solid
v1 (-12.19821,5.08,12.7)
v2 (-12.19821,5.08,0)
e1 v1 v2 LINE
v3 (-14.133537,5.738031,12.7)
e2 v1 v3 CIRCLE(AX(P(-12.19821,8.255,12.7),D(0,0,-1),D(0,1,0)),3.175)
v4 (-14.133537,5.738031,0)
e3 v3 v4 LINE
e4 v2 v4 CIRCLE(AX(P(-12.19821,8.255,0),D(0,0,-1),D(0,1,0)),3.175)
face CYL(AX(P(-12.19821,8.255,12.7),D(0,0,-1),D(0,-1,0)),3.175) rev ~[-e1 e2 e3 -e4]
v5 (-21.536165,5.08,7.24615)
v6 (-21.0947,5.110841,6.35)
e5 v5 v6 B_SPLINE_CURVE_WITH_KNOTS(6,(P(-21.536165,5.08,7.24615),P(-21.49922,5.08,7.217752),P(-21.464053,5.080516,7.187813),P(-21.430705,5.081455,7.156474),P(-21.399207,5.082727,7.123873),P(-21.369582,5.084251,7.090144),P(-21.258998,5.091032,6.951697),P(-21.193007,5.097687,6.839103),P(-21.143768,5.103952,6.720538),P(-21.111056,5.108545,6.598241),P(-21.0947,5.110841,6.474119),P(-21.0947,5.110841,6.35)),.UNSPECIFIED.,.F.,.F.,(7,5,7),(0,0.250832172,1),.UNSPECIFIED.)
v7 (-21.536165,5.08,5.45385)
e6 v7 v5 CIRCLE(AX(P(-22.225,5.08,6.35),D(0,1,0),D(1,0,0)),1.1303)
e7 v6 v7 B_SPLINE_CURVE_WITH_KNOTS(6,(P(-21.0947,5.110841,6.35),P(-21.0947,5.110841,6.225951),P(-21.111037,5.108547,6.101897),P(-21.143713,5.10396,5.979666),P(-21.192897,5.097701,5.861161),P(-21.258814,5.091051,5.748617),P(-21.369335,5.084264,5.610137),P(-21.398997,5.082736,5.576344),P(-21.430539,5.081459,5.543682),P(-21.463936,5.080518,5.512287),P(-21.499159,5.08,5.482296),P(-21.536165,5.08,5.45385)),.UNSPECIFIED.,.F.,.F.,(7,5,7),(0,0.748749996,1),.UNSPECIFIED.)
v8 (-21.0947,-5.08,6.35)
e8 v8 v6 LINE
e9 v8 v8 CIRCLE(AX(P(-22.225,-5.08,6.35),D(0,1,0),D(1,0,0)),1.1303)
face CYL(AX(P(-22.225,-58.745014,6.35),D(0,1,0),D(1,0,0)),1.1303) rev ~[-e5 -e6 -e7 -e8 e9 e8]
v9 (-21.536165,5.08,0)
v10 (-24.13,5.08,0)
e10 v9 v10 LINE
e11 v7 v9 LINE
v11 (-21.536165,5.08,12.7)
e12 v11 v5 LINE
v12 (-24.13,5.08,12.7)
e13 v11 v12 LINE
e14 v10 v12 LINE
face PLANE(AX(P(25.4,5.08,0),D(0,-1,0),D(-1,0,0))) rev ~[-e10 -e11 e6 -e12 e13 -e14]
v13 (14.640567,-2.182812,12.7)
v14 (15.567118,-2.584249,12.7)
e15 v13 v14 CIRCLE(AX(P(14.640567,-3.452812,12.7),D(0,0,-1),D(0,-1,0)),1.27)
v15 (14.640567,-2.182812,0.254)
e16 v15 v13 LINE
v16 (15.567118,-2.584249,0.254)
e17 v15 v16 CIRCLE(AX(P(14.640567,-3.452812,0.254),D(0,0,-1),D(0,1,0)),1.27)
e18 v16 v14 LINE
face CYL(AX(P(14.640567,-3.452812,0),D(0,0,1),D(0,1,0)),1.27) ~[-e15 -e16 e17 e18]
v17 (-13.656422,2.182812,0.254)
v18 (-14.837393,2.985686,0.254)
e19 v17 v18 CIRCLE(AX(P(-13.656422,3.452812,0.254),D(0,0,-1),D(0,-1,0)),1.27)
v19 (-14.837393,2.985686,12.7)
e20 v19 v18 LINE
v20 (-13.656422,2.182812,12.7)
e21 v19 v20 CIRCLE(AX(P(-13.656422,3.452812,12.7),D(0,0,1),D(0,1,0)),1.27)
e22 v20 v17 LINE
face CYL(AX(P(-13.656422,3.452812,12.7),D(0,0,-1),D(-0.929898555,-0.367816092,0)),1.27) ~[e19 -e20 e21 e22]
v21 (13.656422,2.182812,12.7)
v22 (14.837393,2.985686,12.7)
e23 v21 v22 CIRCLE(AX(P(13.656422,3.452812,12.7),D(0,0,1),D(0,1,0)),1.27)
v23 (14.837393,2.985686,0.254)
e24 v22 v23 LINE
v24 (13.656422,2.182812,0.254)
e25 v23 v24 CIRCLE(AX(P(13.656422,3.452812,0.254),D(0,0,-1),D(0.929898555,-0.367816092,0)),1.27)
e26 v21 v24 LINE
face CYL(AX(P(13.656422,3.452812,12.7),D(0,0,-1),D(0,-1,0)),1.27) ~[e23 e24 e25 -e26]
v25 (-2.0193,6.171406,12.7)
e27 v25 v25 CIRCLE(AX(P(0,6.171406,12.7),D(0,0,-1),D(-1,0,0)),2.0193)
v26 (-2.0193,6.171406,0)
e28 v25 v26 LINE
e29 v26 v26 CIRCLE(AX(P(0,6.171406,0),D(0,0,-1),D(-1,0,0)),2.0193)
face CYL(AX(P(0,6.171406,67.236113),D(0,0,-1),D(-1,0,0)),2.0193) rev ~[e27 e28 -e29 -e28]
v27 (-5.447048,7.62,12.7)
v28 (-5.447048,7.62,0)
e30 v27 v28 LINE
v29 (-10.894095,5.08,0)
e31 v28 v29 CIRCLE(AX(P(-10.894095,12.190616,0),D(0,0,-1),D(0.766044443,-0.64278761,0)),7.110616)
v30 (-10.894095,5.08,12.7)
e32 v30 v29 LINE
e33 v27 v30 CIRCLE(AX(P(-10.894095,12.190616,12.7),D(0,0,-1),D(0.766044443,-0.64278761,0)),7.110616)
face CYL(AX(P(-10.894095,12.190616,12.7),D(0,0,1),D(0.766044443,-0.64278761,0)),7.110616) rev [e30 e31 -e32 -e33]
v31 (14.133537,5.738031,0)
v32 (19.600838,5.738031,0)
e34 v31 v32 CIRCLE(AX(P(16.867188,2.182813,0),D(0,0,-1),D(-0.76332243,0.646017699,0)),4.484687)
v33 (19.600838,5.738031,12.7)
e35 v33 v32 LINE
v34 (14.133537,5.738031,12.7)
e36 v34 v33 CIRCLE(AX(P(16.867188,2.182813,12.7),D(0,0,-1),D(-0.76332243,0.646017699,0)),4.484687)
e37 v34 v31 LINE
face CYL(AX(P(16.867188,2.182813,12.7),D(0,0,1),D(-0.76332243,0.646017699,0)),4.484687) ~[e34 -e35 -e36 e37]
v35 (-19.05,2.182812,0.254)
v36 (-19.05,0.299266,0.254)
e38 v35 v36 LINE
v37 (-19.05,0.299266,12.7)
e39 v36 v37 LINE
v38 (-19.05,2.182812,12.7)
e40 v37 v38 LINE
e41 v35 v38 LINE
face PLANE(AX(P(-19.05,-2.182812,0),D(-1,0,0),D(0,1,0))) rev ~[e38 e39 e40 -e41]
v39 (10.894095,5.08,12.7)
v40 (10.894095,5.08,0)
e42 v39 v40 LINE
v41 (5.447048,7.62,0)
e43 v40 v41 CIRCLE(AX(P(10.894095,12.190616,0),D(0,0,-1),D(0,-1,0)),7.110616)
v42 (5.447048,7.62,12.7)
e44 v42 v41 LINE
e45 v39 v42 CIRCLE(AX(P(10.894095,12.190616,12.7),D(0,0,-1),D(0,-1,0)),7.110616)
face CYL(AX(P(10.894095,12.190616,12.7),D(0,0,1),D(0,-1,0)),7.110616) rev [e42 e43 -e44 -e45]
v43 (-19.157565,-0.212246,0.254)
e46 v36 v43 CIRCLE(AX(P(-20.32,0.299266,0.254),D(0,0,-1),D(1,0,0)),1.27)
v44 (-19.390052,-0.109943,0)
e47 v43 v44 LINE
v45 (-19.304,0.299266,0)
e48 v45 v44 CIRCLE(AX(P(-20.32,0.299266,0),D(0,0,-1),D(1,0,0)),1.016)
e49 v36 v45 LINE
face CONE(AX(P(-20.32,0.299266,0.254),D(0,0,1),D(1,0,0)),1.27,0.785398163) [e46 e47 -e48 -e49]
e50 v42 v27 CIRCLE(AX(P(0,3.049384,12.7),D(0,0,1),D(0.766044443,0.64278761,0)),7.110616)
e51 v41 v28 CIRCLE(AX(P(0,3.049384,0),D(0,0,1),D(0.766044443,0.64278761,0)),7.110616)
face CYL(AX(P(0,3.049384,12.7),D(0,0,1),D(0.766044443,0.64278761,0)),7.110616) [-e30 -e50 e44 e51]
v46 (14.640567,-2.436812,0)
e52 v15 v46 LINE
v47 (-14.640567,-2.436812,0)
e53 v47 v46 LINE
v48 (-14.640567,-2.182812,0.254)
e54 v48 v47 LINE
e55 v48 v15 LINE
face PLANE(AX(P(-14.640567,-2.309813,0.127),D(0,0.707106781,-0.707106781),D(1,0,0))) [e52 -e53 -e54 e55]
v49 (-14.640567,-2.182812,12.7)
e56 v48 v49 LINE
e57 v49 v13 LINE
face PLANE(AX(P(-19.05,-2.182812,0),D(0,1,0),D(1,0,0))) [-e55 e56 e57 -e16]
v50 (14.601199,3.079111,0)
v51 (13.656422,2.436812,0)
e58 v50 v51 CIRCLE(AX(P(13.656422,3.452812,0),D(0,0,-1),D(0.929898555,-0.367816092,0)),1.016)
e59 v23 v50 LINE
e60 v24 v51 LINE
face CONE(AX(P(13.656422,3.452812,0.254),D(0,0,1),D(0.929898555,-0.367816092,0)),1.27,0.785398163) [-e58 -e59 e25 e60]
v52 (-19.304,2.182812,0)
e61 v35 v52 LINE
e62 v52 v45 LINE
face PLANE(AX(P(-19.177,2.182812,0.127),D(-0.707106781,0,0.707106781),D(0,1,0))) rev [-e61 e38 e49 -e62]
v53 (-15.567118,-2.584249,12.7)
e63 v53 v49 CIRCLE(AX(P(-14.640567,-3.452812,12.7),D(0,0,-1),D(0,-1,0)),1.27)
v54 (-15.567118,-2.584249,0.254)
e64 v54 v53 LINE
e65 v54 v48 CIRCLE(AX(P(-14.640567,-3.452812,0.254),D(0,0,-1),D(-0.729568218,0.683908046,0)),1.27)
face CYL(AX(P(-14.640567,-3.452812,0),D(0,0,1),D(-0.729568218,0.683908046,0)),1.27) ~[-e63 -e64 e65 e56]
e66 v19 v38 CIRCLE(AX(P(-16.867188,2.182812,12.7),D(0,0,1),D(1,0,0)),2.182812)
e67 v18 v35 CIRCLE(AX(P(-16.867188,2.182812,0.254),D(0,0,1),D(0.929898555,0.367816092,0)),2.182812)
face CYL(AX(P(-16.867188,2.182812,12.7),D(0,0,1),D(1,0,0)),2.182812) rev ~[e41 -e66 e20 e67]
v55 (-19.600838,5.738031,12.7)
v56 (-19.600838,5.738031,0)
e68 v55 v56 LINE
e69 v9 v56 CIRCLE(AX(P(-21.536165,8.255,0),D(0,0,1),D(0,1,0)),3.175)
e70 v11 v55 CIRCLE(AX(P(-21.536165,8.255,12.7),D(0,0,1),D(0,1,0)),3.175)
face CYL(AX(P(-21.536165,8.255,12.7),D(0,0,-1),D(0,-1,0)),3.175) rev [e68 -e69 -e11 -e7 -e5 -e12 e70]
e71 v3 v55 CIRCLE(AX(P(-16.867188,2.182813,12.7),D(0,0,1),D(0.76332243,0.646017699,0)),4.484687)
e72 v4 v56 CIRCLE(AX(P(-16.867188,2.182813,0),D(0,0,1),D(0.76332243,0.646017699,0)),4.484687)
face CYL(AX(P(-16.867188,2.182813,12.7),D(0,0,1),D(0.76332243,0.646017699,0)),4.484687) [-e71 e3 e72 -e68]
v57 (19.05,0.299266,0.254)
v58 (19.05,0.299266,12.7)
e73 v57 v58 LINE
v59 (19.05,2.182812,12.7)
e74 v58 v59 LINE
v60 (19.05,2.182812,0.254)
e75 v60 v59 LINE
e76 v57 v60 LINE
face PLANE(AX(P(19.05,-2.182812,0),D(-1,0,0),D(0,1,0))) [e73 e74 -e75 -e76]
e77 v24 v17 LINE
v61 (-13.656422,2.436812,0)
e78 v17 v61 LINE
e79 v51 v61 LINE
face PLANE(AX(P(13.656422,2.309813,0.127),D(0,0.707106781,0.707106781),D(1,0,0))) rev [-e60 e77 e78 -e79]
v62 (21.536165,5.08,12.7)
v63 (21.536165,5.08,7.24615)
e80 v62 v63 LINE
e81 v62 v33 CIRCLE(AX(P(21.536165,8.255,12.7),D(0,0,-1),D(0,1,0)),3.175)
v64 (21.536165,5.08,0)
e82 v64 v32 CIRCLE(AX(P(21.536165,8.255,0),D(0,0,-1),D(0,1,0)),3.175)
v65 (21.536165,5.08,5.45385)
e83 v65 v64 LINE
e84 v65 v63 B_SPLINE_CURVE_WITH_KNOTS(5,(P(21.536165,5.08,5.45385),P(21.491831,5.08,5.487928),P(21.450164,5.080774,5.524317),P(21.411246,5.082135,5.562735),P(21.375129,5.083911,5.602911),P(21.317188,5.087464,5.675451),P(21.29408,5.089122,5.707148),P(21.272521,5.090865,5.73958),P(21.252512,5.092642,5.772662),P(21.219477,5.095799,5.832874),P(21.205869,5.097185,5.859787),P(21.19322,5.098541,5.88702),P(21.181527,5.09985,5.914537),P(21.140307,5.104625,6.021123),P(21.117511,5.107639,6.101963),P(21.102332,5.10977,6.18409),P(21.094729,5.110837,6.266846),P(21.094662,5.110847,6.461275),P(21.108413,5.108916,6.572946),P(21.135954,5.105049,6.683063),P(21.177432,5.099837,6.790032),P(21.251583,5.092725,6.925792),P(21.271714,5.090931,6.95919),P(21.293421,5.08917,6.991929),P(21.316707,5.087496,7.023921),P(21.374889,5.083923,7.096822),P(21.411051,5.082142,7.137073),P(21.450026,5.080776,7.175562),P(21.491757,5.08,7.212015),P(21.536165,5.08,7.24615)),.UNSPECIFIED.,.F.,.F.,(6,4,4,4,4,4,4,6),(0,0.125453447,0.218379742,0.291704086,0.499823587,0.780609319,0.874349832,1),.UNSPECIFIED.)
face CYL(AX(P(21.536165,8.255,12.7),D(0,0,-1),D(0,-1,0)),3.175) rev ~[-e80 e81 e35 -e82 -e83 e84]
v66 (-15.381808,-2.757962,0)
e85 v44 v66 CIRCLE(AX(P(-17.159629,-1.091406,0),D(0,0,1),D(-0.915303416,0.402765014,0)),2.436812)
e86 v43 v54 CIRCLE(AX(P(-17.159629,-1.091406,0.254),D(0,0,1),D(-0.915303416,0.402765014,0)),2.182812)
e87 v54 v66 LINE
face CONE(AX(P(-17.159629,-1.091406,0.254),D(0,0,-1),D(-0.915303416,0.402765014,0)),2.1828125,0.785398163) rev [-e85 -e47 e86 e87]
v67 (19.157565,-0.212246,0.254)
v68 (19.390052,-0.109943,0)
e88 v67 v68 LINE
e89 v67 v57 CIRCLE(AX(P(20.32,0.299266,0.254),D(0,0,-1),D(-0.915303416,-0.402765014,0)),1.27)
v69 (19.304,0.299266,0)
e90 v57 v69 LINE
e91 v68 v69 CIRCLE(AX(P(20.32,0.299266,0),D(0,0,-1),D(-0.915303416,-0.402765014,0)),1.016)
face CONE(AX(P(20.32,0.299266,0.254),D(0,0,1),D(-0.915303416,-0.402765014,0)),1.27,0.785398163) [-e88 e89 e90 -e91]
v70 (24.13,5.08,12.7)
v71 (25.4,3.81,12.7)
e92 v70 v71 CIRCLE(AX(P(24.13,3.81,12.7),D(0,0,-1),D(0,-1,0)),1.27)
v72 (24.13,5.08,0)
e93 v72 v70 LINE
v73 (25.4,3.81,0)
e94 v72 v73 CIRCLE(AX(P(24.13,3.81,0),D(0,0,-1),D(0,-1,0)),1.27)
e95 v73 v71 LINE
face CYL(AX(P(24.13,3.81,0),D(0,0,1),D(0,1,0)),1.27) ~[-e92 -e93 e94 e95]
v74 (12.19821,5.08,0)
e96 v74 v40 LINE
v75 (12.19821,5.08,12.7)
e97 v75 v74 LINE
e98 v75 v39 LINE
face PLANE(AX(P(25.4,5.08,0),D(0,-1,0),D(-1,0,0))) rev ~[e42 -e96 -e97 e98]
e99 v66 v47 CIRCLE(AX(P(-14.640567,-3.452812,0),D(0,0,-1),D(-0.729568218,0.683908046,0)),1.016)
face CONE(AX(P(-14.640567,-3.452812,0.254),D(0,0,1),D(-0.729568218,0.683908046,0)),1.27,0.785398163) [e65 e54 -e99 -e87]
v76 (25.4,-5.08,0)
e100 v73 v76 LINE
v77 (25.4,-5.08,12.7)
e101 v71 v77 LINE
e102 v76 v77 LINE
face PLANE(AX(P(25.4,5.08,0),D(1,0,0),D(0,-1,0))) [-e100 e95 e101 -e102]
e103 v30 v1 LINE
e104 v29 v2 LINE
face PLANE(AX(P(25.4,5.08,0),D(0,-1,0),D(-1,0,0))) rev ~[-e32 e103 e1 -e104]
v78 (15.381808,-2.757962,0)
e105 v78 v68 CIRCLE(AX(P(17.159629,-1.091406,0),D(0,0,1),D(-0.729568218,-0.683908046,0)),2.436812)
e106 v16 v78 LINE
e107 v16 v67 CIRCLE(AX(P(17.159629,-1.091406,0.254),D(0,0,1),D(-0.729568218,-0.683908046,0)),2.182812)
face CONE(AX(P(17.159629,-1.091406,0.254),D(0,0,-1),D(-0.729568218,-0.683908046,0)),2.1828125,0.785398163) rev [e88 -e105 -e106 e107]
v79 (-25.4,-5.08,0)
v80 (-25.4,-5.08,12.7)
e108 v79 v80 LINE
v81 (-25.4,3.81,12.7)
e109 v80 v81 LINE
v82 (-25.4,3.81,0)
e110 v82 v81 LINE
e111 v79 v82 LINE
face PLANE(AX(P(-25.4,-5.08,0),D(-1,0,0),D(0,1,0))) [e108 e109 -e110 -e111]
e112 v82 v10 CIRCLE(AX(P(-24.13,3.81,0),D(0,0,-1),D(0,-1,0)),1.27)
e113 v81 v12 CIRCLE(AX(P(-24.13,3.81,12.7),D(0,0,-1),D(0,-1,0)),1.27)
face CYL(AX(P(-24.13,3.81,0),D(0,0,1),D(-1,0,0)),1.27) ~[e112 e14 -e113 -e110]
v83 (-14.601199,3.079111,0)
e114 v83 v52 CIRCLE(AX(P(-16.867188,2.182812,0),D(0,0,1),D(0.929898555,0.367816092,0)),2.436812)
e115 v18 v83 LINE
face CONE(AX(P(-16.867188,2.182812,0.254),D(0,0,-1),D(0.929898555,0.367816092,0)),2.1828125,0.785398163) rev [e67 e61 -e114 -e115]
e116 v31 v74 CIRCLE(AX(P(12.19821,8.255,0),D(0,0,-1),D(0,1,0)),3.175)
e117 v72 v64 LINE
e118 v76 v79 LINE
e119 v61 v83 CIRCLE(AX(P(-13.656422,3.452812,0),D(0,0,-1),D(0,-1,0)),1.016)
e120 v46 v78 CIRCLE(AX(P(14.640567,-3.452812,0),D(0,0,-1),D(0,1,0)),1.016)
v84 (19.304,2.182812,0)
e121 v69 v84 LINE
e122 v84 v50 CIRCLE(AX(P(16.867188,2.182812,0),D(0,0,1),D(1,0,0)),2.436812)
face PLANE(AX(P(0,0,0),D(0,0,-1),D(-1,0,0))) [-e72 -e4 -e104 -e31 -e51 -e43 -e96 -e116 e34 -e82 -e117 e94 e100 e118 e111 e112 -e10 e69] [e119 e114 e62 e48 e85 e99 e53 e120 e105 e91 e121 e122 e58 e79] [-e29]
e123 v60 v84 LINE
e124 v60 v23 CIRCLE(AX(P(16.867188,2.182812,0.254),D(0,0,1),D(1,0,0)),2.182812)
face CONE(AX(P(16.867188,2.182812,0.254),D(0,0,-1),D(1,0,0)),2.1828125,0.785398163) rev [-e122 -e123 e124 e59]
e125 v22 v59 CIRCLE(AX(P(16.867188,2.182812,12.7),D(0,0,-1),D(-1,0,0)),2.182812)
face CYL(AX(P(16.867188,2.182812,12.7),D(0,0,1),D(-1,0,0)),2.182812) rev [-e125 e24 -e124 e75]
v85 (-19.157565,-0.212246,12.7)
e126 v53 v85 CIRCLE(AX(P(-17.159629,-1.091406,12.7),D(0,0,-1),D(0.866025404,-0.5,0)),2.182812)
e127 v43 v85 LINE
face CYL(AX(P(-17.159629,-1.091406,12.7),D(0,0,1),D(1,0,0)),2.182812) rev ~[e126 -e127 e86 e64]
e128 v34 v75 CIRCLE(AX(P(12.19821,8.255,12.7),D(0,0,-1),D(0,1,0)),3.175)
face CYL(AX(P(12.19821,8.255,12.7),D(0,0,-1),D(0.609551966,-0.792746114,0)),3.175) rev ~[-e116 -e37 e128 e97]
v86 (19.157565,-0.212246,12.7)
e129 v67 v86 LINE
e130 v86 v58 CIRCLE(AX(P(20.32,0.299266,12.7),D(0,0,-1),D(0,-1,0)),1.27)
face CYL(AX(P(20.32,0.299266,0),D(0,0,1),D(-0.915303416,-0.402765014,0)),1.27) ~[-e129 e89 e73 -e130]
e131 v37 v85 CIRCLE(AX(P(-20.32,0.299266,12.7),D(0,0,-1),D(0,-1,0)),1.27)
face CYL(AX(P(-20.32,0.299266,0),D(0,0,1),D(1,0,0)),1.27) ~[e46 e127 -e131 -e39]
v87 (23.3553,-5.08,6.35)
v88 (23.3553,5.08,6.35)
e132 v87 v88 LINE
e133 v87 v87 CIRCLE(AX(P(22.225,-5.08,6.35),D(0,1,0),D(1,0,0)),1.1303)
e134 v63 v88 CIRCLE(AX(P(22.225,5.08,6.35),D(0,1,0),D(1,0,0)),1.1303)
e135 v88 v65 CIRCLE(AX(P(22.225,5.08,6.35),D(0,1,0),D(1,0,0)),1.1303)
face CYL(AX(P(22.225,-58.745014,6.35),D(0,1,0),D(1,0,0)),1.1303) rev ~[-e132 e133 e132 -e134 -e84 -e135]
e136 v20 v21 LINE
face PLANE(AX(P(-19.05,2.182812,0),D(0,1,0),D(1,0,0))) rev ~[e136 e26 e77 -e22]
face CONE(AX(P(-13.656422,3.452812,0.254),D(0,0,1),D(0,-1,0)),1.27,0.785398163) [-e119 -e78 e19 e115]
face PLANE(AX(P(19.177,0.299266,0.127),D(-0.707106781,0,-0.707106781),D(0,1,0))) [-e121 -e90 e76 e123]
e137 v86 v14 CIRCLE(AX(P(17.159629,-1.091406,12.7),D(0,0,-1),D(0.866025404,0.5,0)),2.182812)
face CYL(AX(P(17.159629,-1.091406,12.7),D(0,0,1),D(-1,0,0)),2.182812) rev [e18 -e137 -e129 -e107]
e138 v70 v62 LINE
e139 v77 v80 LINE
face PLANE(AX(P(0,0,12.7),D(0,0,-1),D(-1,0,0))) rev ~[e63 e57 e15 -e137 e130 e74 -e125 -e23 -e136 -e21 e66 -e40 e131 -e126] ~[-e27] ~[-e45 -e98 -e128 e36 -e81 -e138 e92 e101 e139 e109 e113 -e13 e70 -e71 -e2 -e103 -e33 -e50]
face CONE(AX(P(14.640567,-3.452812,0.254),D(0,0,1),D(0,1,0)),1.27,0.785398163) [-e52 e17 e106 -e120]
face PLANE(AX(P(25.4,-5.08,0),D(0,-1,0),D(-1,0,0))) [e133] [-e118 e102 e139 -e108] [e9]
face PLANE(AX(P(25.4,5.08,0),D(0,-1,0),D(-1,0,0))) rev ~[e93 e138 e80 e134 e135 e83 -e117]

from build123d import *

# Parameters (mm, degrees)
SKETCH1_W                  = 38.1
SKETCH1_H                  = 4.365625
BOSS_EXTRUDE1_DEPTH        = 12.7
BOSS_EXTRUDE3_DEPTH        = 12.7
SKETCH8_R                  = 2.1828125
CUT_EXTRUDE1_DEPTH         = 30.170285502
SKETCH11_R                 = 2.1828125
CUT_EXTRUDE2_DEPTH         = 30.170285502
FILLET1_R                  = 3.175
FILLET2_R                  = 3.175
F_4_40_TAPPED_HOLE1_D      = 2.2606
BOSS_EXTRUDE4_DEPTH        = 12.7
TAP_DRILL_FOR_10_32_TAP1_D = 4.0386
FILLET3_R                  = 1.27
FILLET4_R                  = 1.27
CHAMFER1_SIZE              = 0.254


with BuildPart() as part:
    # Sketch1 → Boss-Extrude1 (new body)
    with BuildSketch(Plane.XY):
        Polygon((6.35, 5.08), (25.4, 5.08), (25.4, -5.08), (-25.4, -5.08), (-25.4, 5.08), (-6.35, 5.08), align=None)
        Rectangle(SKETCH1_W, SKETCH1_H, mode=Mode.SUBTRACT)
    extrude(amount=BOSS_EXTRUDE1_DEPTH)

    # Sketch7 → Boss-Extrude3 (add)
    with BuildSketch(Plane.XY.offset(12.7)):
        with BuildLine():
            Line((-20.290450061, 5.08), (-13.443924939, 5.08))
            ThreePointArc((-13.443924939, 5.08), (-16.8671875, 6.6675), (-20.290450061, 5.08))
        make_face()
    boss_extrude3 = extrude(amount=-BOSS_EXTRUDE3_DEPTH)

    # Sketch8 → Cut-Extrude1 (cut, through all)
    with BuildSketch(Plane.XY.offset(12.7)):
        with Locations((-16.8671875, 2.1828125)):
            Circle(SKETCH8_R)
    cut_extrude1 = extrude(amount=-CUT_EXTRUDE1_DEPTH, mode=Mode.SUBTRACT)

    # Sketch11 → Cut-Extrude2 (cut, through all)
    with BuildSketch(Plane.XY.offset(12.7)):
        with Locations((-17.159628923, -1.09140625)):
            Circle(SKETCH11_R)
    cut_extrude2 = extrude(amount=-CUT_EXTRUDE2_DEPTH, mode=Mode.SUBTRACT)

    # Fillet1
    fillet1_edges = [part.edges().sort_by_distance(p)[0] for p in [
        (-13.443924939, 5.08, 6.35),
        (-20.290450061, 5.08, 6.35),
    ]]
    fillet(fillet1_edges, radius=FILLET1_R)

    # Mirror1: Cut-Extrude1, Cut-Extrude2 across plane
    add(cut_extrude1.mirror(Plane(origin=(0, 0, 0), x_dir=(0, 0, 1), z_dir=(1, 0, 0))), mode=Mode.SUBTRACT)
    add(cut_extrude2.mirror(Plane(origin=(0, 0, 0), x_dir=(0, 0, 1), z_dir=(1, 0, 0))), mode=Mode.SUBTRACT)

    # Mirror2: Boss-Extrude3 across plane
    add(boss_extrude3.mirror(Plane(origin=(0, 0, 0), x_dir=(0, 0, 1), z_dir=(1, 0, 0))))

    # Fillet2
    fillet2_edges = [part.edges().sort_by_distance(p)[0] for p in [
        (13.443924939, 5.08, 6.35),
        (20.290450061, 5.08, 6.35),
    ]]
    fillet(fillet2_edges, radius=FILLET2_R)

    # #4-40 Tapped Hole1 (through all)
    with Locations(Plane(origin=(0, -5.08, 0), x_dir=(-1, 0, 0), z_dir=(0, -1, 0))):
        with Locations((22.225, -6.35), (-22.225, -6.35)):
            Hole(F_4_40_TAPPED_HOLE1_D / 2)

    # Sketch10 → Boss-Extrude4 (add)
    with BuildSketch(Plane.XY.offset(12.7)):
        with BuildLine():
            Line((-10.894095156, 5.08), (10.894095156, 5.08))
            ThreePointArc((10.894095156, 5.08), (7.889019146, 5.746209312), (5.447047578, 7.62))
            ThreePointArc((5.447047578, 7.62), (0, 10.16), (-5.447047578, 7.62))
            ThreePointArc((-5.447047578, 7.62), (-7.889019146, 5.746209312), (-10.894095156, 5.08))
        make_face()
    extrude(amount=-BOSS_EXTRUDE4_DEPTH)

    # Tap Drill for #10-32 Tap1 (through all)
    with Locations(Plane.XY.offset(12.7)):
        with Locations((0, 6.17140625)):
            Hole(TAP_DRILL_FOR_10_32_TAP1_D / 2)

    # Fillet3
    fillet3_edges = [part.edges().sort_by_distance(p)[0] for p in [
        (-14.684375, 2.1828125, 6.35),
        (-15.269257847, -2.1828125, 6.35),
        (-19.05, 0, 6.35),
        (14.684375, 2.1828125, 6.35),
        (19.05, 0, 6.35),
        (15.269257847, -2.1828125, 6.35),
    ]]
    fillet(fillet3_edges, radius=FILLET3_R)

    # Fillet4
    fillet4_edges = [part.edges().sort_by_distance(p)[0] for p in [
        (-25.4, 5.08, 6.35),
        (25.4, 5.08, 6.35),
    ]]
    fillet(fillet4_edges, radius=FILLET4_R)

    # Chamfer1
    chamfer1_edges = [part.edges().sort_by_distance(p)[0] for p in [
        (-18.362829894, -2.912663462, 0),
        (0, -2.1828125, 0),
        (18.362829894, -2.912663462, 0),
        (19.05, 1.241039162, 0),
        (17.275850124, 4.327029203, 0),
        (0, 2.1828125, 0),
        (-17.275850124, 4.327029203, 0),
        (-14.370442252, 2.402538589, 0),
        (14.370442252, 2.402538589, 0),
        (-15.14545512, -2.287485231, 0),
        (15.14545512, -2.287485231, 0),
        (19.077182057, 0.037916326, 0),
        (-19.077182057, 0.037916326, 0),
        (-19.05, 1.241039162, 0),
    ]]
    chamfer(chamfer1_edges, length=CHAMFER1_SIZE)


solid = part.part
